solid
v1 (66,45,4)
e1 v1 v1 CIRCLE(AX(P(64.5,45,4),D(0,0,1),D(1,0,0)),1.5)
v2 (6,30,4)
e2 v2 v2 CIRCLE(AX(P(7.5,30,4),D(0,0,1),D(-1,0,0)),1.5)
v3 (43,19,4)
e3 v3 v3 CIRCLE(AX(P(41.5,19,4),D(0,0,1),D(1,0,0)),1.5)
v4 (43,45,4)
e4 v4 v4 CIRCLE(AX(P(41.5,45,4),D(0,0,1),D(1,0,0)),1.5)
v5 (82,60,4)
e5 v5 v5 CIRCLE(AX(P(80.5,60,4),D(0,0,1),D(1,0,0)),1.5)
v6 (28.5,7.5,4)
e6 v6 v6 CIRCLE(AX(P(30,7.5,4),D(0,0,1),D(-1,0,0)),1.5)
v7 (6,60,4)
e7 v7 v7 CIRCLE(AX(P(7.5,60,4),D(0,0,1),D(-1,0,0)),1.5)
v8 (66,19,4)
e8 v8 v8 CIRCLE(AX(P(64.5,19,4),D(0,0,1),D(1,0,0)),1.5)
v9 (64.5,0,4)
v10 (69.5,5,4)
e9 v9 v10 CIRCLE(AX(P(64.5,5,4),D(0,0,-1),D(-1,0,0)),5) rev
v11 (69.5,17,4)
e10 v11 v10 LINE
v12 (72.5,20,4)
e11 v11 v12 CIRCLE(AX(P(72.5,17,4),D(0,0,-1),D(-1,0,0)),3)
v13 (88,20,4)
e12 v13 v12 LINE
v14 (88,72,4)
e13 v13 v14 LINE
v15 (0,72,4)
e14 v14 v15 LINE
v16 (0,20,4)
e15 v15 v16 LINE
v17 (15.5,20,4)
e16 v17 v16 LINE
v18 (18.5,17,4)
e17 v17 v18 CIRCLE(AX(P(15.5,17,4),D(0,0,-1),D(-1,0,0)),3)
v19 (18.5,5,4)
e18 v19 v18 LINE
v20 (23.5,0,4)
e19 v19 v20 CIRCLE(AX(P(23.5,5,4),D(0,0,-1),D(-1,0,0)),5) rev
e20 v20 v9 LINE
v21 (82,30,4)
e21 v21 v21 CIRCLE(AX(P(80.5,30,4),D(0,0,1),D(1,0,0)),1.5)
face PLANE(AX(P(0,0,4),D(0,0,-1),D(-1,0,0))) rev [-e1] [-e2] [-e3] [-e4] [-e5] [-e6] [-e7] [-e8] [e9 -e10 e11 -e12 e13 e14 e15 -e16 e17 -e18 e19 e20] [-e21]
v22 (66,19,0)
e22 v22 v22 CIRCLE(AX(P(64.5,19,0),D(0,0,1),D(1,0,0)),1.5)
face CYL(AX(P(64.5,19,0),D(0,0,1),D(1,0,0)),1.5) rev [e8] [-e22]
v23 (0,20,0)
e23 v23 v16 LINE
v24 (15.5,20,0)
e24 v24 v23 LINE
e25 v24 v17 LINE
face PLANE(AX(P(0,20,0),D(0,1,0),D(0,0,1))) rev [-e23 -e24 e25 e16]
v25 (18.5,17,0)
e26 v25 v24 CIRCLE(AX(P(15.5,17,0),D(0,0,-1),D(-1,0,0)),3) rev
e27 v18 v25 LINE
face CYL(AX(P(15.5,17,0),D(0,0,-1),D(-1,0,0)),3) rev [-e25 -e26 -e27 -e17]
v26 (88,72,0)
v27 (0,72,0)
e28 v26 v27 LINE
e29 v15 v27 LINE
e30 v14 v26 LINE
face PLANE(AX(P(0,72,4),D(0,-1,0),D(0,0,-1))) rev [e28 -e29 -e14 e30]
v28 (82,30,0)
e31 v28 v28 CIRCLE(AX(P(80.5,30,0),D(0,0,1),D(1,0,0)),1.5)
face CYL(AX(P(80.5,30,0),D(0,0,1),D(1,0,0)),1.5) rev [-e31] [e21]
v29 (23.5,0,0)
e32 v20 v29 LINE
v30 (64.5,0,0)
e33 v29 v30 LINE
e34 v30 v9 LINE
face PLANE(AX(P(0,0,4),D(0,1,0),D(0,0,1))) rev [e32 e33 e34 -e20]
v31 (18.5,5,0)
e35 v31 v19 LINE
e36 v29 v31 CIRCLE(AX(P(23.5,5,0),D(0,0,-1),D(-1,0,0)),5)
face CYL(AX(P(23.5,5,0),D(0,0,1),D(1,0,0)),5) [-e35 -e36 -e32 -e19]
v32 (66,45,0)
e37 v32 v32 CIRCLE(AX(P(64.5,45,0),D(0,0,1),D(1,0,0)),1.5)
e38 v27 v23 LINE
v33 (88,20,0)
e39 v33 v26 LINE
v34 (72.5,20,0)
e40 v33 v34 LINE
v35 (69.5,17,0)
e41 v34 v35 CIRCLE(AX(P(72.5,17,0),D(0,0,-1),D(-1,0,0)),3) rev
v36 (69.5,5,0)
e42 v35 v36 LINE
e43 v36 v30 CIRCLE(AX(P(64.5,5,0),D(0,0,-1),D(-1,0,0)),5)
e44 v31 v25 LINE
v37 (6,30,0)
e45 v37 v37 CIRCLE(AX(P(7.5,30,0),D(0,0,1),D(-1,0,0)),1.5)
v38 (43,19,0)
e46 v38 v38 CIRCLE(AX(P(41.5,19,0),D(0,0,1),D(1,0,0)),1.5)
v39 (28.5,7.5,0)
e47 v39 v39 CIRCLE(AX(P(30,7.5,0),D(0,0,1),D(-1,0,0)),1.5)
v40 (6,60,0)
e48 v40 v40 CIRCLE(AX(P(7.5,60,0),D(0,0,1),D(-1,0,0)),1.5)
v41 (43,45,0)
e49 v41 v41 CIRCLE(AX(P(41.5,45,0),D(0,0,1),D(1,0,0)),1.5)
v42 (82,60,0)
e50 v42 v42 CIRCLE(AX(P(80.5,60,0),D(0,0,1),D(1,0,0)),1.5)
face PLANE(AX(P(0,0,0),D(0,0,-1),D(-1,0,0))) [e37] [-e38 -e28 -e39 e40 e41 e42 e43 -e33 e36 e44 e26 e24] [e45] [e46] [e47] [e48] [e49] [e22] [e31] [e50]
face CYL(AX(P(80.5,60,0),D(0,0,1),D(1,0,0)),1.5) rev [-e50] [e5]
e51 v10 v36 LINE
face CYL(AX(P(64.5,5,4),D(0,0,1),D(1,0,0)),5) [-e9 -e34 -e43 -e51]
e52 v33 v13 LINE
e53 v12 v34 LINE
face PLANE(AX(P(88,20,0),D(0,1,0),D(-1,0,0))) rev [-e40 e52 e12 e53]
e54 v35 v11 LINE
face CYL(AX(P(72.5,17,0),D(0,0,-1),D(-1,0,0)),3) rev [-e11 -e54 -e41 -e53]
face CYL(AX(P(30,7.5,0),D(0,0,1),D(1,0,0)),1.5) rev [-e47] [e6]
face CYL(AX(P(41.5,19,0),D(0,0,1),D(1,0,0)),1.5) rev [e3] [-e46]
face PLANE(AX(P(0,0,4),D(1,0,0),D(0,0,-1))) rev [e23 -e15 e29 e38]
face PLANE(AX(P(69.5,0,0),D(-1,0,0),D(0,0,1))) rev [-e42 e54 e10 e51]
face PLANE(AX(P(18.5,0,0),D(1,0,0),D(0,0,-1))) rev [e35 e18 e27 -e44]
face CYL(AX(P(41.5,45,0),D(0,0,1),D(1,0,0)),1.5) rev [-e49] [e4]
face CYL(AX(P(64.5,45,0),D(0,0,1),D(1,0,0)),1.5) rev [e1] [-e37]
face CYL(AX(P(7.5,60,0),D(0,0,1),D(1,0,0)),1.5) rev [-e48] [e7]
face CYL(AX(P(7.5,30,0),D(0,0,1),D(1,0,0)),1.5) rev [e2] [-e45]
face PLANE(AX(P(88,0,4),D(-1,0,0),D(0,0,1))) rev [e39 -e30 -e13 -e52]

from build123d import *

# Parameters (mm, degrees)
SKETCH_1_W          = 88
SKETCH_1_H          = 72
EXTRUDE_1_DEPTH     = 4
SKETCH_2_W          = 18.5
SKETCH_2_H          = 20
CUT_EXTRUDE_1_DEPTH = 114.771701227
FILLET_1_R          = 3
SKETCH_3_W          = 18.5
SKETCH_3_H          = 20
CUT_EXTRUDE_2_DEPTH = 114.771701227
FILLET_2_R          = 3
SKETCH_5_R          = 1.5
CUT_EXTRUDE_4_DEPTH = 114.771701227
SKETCH_4_R          = 1.5
CUT_EXTRUDE_3_DEPTH = 114.771701227
FILLET_4_R          = 5


with BuildPart() as part:
    # 草图1 → 凸台-拉伸1 (new body)
    with BuildSketch(Plane.XY):
        with Locations((44, 36)):
            Rectangle(SKETCH_1_W, SKETCH_1_H)
    extrude(amount=EXTRUDE_1_DEPTH)

    # 草图2 → 切除-拉伸1 (cut, through all)
    with BuildSketch(Plane.XY.offset(4)):
        with Locations((9.25, 10)):
            Rectangle(SKETCH_2_W, SKETCH_2_H)
    extrude(amount=-CUT_EXTRUDE_1_DEPTH, mode=Mode.SUBTRACT)

    # 圆角1
    fillet_1_edges = [part.edges().sort_by_distance(p)[0] for p in [
        (18.5, 20, 2),
    ]]
    fillet(fillet_1_edges, radius=FILLET_1_R)

    # 草图3 → 切除-拉伸2 (cut, through all)
    with BuildSketch(Plane.XY.offset(4)):
        with Locations((78.75, 10)):
            Rectangle(SKETCH_3_W, SKETCH_3_H)
    extrude(amount=-CUT_EXTRUDE_2_DEPTH, mode=Mode.SUBTRACT)

    # 圆角2
    fillet_2_edges = [part.edges().sort_by_distance(p)[0] for p in [
        (69.5, 20, 2),
    ]]
    fillet(fillet_2_edges, radius=FILLET_2_R)

    # 草图5 → 切除-拉伸4 (cut, through all)
    with BuildSketch(Plane.XY.offset(4)):
        with Locations((80.5, 60)):
            Circle(SKETCH_5_R)
        with Locations((80.5, 30)):
            Circle(SKETCH_5_R)
        with Locations(Location((30, 7.5, 0), (0, 0, 180))):
            Circle(SKETCH_5_R)
        with Locations(Location((7.5, 30, 0), (0, 0, 180))):
            Circle(SKETCH_5_R)
        with Locations(Location((7.5, 60, 0), (0, 0, 180))):
            Circle(SKETCH_5_R)
    extrude(amount=-CUT_EXTRUDE_4_DEPTH, mode=Mode.SUBTRACT)

    # 草图4 → 切除-拉伸3 (cut, through all)
    with BuildSketch(Plane.XY.offset(4)):
        with Locations((41.5, 45)):
            Circle(SKETCH_4_R)
        with Locations((64.5, 45)):
            Circle(SKETCH_4_R)
        with Locations((64.5, 19)):
            Circle(SKETCH_4_R)
        with Locations((41.5, 19)):
            Circle(SKETCH_4_R)
    extrude(amount=-CUT_EXTRUDE_3_DEPTH, mode=Mode.SUBTRACT)

    # 圆角4
    fillet_4_edges = [part.edges().sort_by_distance(p)[0] for p in [
        (18.5, 0, 2),
        (69.5, 0, 2),
    ]]
    fillet(fillet_4_edges, radius=FILLET_4_R)


solid = part.part
